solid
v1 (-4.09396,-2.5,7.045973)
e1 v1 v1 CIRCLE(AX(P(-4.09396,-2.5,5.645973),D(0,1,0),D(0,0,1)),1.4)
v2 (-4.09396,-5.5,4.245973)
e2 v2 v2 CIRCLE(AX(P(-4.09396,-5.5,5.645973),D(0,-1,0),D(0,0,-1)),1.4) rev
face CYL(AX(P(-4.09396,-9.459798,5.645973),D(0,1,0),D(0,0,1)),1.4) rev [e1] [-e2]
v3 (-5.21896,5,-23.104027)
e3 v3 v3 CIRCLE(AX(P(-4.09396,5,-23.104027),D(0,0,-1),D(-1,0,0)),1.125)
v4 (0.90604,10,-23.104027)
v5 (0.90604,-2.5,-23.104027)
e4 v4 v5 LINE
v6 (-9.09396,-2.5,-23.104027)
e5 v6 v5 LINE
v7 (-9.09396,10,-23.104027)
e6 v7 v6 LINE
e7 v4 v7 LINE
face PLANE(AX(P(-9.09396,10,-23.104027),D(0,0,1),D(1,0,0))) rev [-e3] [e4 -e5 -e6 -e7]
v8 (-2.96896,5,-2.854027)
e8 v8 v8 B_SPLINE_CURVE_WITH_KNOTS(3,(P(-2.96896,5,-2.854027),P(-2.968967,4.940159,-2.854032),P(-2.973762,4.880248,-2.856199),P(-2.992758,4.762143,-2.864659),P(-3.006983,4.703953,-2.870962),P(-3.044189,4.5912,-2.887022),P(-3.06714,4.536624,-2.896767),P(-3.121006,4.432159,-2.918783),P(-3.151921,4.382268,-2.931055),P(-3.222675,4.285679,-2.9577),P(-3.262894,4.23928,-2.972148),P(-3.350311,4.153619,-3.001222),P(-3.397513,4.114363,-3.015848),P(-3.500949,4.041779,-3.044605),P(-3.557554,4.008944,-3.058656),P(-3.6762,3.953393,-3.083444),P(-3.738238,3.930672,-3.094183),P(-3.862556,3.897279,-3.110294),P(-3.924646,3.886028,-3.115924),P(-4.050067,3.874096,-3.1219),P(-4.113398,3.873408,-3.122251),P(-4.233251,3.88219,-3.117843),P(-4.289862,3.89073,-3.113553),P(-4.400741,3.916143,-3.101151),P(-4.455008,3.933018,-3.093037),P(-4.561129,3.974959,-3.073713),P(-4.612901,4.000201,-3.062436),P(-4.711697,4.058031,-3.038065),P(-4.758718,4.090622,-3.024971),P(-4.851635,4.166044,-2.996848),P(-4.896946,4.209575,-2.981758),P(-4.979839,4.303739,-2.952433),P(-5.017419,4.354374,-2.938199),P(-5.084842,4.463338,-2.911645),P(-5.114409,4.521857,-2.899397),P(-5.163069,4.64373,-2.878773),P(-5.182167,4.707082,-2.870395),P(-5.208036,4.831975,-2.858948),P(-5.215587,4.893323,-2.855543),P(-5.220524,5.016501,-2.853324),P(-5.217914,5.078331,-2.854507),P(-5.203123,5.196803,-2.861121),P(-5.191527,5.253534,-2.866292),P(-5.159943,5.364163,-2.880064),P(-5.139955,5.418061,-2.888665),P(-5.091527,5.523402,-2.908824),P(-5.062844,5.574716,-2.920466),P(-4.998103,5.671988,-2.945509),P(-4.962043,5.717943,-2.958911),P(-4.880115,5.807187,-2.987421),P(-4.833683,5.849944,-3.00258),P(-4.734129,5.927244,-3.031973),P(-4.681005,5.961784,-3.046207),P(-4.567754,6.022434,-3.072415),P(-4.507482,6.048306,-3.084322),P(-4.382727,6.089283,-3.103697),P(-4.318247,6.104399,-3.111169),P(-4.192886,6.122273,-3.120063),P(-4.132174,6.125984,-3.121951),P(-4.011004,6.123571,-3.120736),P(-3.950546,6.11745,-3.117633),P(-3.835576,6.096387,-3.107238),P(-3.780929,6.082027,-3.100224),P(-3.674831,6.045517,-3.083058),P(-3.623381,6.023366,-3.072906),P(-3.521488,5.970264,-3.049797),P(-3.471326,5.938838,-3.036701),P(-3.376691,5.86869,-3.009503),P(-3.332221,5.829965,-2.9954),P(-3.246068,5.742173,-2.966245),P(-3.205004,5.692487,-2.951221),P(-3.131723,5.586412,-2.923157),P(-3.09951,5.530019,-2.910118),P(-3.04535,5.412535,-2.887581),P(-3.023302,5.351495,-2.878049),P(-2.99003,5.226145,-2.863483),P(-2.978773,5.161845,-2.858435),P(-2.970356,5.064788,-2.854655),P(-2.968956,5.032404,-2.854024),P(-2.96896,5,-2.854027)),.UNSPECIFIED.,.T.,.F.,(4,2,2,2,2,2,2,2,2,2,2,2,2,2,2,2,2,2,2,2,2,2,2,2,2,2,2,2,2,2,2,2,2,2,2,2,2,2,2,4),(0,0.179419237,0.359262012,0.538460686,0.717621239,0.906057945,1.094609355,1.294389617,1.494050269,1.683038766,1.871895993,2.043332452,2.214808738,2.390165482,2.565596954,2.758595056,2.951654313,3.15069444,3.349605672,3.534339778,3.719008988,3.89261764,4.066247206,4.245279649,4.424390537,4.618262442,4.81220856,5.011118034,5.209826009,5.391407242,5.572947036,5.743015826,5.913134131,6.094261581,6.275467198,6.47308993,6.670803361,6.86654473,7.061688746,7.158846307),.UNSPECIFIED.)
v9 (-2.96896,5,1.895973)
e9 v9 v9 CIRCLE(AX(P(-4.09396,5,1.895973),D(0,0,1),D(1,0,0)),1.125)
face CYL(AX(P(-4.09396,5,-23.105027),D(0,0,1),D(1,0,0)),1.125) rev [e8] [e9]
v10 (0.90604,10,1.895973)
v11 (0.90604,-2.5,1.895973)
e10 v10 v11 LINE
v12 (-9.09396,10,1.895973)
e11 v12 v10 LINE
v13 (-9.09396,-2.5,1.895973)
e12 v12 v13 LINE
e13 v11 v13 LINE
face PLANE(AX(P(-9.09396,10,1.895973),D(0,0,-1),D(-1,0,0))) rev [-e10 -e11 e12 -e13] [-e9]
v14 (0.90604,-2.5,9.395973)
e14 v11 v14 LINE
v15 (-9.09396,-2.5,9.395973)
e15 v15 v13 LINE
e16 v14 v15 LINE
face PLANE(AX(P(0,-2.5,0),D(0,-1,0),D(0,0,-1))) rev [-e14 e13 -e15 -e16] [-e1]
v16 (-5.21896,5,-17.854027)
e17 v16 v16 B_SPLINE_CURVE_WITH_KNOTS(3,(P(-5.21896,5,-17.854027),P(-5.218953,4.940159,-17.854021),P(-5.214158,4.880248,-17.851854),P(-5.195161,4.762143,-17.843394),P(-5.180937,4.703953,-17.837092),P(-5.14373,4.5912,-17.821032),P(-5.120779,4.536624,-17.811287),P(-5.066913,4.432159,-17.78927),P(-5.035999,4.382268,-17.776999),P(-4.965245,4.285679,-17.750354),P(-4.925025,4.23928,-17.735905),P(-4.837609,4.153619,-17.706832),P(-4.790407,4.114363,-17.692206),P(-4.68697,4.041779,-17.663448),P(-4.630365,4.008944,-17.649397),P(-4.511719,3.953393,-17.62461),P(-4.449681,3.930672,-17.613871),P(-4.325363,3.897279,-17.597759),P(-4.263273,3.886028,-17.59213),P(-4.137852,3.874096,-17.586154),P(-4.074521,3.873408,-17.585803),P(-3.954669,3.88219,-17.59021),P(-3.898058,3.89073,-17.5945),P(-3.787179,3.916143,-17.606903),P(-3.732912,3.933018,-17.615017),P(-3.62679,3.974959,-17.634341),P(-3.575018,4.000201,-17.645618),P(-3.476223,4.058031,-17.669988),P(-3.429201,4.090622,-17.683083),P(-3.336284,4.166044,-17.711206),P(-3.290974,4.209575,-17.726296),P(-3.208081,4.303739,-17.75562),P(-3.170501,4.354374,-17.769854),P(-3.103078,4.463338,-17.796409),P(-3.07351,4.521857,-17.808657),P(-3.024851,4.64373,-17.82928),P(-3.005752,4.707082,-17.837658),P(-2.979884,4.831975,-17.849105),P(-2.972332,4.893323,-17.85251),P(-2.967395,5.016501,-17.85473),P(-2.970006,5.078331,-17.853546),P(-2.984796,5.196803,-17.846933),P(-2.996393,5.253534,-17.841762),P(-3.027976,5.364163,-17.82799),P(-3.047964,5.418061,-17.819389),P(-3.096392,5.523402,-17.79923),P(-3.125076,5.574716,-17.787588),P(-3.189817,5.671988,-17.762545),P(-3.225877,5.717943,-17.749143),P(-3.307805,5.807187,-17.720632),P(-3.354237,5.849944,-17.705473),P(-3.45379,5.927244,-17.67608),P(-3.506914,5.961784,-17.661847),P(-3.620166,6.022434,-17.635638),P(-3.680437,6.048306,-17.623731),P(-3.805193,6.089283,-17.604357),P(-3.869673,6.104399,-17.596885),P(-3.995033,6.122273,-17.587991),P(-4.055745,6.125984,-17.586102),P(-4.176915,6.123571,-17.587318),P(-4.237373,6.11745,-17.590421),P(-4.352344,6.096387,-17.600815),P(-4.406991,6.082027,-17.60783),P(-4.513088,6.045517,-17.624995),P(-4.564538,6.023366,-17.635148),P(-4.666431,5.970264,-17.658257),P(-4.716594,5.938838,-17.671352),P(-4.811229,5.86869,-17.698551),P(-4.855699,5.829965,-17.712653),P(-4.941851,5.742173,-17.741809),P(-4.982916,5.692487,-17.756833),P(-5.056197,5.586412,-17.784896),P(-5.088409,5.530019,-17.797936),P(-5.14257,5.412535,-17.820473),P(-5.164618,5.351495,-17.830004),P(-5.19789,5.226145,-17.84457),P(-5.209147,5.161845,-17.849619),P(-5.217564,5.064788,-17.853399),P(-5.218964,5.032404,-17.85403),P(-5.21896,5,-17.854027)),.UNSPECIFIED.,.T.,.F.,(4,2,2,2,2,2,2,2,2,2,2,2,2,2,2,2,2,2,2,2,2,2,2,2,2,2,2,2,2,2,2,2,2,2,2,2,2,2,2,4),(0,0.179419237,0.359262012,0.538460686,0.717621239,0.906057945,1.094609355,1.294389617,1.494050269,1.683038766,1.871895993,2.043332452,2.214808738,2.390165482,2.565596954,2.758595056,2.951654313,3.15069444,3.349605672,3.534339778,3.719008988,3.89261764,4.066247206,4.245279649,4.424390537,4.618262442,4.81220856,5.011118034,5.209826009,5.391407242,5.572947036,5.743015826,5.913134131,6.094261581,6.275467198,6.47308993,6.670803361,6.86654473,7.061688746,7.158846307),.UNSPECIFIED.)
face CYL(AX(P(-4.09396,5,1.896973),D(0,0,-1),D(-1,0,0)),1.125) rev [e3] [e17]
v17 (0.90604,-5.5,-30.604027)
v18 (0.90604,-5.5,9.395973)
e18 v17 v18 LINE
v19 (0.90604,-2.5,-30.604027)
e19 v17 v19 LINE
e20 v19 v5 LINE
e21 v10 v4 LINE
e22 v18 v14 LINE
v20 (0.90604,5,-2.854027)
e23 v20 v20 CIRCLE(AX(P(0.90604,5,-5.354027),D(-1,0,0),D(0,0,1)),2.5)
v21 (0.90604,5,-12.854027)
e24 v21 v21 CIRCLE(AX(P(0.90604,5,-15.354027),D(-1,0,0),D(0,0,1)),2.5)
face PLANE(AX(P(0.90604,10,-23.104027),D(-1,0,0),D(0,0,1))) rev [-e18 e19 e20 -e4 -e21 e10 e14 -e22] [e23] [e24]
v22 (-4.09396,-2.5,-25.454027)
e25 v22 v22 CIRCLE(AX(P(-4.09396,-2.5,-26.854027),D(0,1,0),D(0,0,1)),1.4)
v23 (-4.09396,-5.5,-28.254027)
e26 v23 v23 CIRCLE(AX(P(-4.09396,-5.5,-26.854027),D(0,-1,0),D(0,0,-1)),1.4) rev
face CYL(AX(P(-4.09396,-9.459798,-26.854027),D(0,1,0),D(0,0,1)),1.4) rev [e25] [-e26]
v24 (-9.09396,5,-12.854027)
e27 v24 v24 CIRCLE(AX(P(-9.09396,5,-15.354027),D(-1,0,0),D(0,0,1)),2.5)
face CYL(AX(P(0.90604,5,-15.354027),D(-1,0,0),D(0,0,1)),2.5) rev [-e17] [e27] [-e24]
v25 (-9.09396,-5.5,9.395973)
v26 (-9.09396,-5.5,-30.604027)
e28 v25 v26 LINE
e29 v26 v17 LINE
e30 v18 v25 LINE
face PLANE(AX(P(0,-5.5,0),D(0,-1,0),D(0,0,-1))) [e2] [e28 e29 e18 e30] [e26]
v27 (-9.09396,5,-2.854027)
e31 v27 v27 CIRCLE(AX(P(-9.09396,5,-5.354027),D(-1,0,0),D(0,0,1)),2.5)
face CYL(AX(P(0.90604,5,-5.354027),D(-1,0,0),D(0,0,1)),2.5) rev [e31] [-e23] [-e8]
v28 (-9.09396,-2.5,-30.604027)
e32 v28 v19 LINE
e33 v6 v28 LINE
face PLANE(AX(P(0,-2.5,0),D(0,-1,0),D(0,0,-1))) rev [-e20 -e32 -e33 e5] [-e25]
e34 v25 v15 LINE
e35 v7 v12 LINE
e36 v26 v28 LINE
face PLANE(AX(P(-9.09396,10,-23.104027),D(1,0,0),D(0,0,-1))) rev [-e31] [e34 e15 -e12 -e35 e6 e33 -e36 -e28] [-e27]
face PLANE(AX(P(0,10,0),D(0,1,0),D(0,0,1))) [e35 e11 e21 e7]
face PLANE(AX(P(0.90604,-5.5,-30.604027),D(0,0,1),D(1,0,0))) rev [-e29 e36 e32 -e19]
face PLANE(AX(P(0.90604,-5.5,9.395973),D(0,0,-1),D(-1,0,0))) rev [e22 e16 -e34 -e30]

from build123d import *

# Parameters (mm, degrees)
SKETCH_1_W          = 10
SKETCH_1_H          = 25
EXTRUDE_1_DEPTH     = 10
SKETCH_2_R          = 2.5
CUT_EXTRUDE_1_DEPTH = 10
CUT_EXTRUDE_2_REACH = 27
SKETCH_3_R          = 1.125
CUT_EXTRUDE_3_REACH = 27
SKETCH_4_R          = 1.125
SKETCH_5_W          = 10
SKETCH_5_H          = 25
EXTRUDE_2_DEPTH     = 2.5
SKETCH_6_W          = 10
SKETCH_6_H          = 40
EXTRUDE_3_DEPTH     = 3
SKETCH_7_R          = 1.4
CUT_EXTRUDE_4_DEPTH = 3


with BuildPart() as part:
    # 스케치1 → 보스-돌출1 (new body)
    with BuildSketch(Plane(origin=(0, 0, 0), x_dir=(1, 0, 0), z_dir=(0, 1, 0))):
        with Locations((-4.093959732, 10.604026846)):
            Rectangle(SKETCH_1_W, SKETCH_1_H)
    extrude(amount=EXTRUDE_1_DEPTH)

    # 스케치2 → 컷-돌출1 (cut)
    with BuildSketch(Plane.ZY.offset(9.093959732)):
        with Locations((-5.354026846, 5)):
            Circle(SKETCH_2_R)
        with Locations((-15.354026846, 5)):
            Circle(SKETCH_2_R)
    extrude(amount=-CUT_EXTRUDE_1_DEPTH, mode=Mode.SUBTRACT)

    # 스케치3 → 컷-돌출2 (cut, up to next)
    with BuildSketch(Plane.XY.offset(1.895973154), mode=Mode.PRIVATE) as cut_extrude_2_sk1:
        with Locations((-4.093959732, 5)):
            Circle(SKETCH_3_R)
    cut_extrude_2_tool1 = extrude(cut_extrude_2_sk1.sketch, amount=-CUT_EXTRUDE_2_REACH, mode=Mode.PRIVATE) & part.part
    add(cut_extrude_2_tool1.solids().sort_by_distance((-4.09396, 5, 1.895973))[0], mode=Mode.SUBTRACT)

    # 스케치4 → 컷-돌출3 (cut, up to next)
    with BuildSketch(Plane(origin=(0, 0, -23.104026846), x_dir=(-1, 0, 0), z_dir=(0, 0, -1)), mode=Mode.PRIVATE) as cut_extrude_3_sk1:
        with Locations((4.093959732, 5)):
            Circle(SKETCH_4_R)
    cut_extrude_3_tool1 = extrude(cut_extrude_3_sk1.sketch, amount=-CUT_EXTRUDE_3_REACH, mode=Mode.PRIVATE) & part.part
    add(cut_extrude_3_tool1.solids().sort_by_distance((-4.09396, 5, -23.104027))[0], mode=Mode.SUBTRACT)

    # 스케치5 → 보스-돌출2 (add)
    with BuildSketch(Plane.XZ):
        with Locations((-4.093959732, -10.604026846)):
            Rectangle(SKETCH_5_W, SKETCH_5_H)
    extrude(amount=EXTRUDE_2_DEPTH)

    # 스케치6 → 보스-돌출3 (add)
    with BuildSketch(Plane.XZ.offset(2.5)):
        with Locations((-4.093959732, -10.604026846)):
            Rectangle(SKETCH_6_W, SKETCH_6_H)
    extrude(amount=EXTRUDE_3_DEPTH)

    # 스케치7 → 컷-돌출4 (cut)
    with BuildSketch(Plane(origin=(0, -2.5, 0), x_dir=(1, 0, 0), z_dir=(0, 1, 0))):
        with Locations((-4.093959732, -5.645973154)):
            Circle(SKETCH_7_R)
        with Locations((-4.093959732, 26.854026846)):
            Circle(SKETCH_7_R)
    extrude(amount=-CUT_EXTRUDE_4_DEPTH, mode=Mode.SUBTRACT)


solid = part.part
